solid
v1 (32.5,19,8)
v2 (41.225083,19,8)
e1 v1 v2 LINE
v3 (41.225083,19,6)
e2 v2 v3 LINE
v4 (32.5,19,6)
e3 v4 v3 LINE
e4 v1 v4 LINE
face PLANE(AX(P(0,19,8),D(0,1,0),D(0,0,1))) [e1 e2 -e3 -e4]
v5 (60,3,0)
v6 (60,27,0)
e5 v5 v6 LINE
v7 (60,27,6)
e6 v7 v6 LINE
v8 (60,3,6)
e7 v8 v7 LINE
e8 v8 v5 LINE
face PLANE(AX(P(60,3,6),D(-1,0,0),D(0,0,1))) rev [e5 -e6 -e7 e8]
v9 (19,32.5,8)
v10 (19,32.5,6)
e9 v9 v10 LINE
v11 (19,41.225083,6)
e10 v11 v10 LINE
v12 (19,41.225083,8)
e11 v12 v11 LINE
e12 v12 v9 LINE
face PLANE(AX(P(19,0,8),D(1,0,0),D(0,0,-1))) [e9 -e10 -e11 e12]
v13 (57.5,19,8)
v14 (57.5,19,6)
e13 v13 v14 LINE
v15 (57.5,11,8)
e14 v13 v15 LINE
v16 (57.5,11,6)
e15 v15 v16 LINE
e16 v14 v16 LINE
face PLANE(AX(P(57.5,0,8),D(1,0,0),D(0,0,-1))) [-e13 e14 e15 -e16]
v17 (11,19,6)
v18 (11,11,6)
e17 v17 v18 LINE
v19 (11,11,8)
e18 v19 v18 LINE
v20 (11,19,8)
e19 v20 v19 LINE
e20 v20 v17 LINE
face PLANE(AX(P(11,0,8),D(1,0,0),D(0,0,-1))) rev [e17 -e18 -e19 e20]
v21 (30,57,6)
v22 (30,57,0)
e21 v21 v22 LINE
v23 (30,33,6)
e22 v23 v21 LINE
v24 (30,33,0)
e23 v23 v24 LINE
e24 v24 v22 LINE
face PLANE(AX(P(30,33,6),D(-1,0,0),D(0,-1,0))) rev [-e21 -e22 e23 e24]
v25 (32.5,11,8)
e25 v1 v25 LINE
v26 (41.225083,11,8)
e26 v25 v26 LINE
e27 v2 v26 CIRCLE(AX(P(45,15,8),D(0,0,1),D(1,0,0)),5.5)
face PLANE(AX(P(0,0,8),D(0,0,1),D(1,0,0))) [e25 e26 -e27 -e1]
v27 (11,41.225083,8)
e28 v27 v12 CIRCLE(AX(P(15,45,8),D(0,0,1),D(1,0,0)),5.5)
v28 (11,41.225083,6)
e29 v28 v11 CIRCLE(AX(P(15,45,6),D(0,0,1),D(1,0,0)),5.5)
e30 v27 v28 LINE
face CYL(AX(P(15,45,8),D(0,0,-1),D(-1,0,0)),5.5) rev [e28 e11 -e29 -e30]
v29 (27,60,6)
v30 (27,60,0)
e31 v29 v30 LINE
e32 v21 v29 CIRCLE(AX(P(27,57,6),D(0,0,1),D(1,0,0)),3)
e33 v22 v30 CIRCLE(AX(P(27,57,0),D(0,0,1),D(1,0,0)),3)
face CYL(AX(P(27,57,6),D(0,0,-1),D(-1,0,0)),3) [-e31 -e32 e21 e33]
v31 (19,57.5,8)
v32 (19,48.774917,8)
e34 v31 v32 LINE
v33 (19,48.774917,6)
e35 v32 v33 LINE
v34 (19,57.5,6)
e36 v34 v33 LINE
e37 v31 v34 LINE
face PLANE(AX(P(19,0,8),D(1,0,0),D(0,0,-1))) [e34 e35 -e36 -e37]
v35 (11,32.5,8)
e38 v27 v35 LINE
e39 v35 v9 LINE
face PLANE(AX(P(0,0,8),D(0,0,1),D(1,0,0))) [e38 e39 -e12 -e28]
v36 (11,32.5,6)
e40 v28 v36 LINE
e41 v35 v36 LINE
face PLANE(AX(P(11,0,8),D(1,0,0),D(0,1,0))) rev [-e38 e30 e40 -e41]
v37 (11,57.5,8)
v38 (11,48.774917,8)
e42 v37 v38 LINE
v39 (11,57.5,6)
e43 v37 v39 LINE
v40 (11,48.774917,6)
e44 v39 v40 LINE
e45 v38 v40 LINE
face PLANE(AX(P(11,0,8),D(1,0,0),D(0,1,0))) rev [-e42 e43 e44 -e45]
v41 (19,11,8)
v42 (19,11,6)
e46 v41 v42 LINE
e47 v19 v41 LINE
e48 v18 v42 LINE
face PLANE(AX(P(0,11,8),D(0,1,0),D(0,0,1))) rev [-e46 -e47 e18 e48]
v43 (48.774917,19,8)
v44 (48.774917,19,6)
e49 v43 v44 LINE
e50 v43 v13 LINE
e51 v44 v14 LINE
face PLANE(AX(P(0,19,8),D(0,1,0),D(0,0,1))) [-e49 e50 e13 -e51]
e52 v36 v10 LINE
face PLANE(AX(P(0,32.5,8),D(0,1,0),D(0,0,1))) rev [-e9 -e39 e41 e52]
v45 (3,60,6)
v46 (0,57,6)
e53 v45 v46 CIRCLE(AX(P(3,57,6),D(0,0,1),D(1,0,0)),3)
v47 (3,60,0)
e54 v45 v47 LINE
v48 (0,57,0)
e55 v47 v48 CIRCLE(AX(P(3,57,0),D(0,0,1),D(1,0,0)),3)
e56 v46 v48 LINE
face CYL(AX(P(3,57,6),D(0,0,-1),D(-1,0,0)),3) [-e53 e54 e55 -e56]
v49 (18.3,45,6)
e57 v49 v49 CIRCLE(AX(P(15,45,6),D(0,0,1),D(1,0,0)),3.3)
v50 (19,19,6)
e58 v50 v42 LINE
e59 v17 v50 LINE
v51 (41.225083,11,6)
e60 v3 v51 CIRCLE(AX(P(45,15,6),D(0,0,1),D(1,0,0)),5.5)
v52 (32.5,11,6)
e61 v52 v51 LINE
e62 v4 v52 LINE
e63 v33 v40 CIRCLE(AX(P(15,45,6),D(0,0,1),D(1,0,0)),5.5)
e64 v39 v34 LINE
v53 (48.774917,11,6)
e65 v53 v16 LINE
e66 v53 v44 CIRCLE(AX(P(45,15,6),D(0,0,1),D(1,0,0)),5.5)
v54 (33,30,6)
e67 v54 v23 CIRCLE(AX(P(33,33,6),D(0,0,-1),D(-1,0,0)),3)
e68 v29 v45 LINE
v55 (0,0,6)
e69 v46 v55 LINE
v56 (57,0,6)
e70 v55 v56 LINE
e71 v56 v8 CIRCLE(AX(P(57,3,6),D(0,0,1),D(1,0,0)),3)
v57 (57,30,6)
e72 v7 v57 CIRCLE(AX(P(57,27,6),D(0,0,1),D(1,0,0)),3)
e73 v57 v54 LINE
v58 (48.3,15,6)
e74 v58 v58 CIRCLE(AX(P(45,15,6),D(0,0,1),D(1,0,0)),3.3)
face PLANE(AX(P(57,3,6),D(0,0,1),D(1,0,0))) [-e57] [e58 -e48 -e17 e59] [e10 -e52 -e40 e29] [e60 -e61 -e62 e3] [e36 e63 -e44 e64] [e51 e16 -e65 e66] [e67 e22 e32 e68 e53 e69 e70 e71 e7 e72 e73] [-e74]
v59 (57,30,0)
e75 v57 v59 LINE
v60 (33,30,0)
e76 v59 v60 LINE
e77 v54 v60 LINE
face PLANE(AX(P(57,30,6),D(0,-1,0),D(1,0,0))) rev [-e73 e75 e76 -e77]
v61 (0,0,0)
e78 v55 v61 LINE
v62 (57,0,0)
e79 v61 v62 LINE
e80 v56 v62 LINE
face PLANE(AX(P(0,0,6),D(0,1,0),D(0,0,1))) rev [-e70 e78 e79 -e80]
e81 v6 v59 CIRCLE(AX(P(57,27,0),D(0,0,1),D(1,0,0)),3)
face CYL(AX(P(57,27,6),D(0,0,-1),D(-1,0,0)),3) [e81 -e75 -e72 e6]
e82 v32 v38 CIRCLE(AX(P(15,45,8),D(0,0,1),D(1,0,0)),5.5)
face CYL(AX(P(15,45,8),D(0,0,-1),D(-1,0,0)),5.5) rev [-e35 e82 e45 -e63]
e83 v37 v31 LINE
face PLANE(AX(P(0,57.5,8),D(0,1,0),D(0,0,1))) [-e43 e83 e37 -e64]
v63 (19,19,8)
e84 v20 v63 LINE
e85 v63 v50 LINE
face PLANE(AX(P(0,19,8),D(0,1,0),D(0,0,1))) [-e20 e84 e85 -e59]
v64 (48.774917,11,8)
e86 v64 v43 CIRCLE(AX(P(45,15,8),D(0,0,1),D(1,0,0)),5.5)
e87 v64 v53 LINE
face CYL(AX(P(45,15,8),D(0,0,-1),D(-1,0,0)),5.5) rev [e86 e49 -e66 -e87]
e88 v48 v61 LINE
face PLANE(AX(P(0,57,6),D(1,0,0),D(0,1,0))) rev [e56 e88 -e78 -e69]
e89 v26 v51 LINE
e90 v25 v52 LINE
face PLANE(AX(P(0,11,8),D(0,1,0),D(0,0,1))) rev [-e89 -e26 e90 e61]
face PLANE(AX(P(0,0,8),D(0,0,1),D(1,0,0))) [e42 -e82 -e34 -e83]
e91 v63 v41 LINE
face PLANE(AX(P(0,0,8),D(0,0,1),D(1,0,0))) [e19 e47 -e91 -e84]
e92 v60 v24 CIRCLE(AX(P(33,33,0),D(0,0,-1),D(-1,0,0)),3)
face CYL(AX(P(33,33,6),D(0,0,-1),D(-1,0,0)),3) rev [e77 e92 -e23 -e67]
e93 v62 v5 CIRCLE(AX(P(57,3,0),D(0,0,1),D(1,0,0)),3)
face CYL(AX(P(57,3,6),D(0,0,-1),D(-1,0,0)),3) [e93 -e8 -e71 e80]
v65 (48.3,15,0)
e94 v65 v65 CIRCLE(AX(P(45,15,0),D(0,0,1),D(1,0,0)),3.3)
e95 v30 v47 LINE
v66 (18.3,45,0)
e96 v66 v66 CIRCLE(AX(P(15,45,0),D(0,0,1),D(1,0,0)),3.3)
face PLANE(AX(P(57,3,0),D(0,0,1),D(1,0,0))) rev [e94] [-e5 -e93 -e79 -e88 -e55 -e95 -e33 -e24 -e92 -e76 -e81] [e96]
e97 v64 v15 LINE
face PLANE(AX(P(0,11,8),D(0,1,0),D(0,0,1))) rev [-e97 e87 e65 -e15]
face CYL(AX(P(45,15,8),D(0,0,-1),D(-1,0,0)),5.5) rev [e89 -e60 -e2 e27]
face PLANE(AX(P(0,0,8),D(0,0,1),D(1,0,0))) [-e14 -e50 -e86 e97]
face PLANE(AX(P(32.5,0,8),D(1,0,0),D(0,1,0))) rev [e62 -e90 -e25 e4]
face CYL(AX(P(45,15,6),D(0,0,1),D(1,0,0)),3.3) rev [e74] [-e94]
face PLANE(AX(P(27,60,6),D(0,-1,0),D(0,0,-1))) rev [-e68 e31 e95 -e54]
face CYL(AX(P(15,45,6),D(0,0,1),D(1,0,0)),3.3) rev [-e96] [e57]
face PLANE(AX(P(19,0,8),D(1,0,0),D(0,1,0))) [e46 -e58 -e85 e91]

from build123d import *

# Parameters (mm, degrees)
P_IDAT_VYSUNUT_M1_DEPTH = 6
M6_D_RA_S_V_L_1_D       = 6.6
SKICA5_W                = 8
SKICA5_H                = 8
P_IDAT_VYSUNUT_M2_DEPTH = 2


with BuildPart() as part:
    # Skica1 → Přidat vysunutím1 (new body)
    with BuildSketch(Plane.XY):
        with BuildLine():
            Line((0, 0), (57, 0))
            ThreePointArc((57, 0), (59.121320344, 0.878679656), (60, 3))
            Line((60, 3), (60, 27))
            ThreePointArc((60, 27), (59.121320344, 29.121320344), (57, 30))
            Line((57, 30), (33, 30))
            ThreePointArc((33, 30), (30.878679656, 30.878679656), (30, 33))
            Line((30, 33), (30, 57))
            ThreePointArc((30, 57), (29.121320344, 59.121320344), (27, 60))
            Line((27, 60), (3, 60))
            ThreePointArc((3, 60), (0.878679656, 59.121320344), (0, 57))
            Line((0, 57), (0, 0))
        make_face()
    extrude(amount=P_IDAT_VYSUNUT_M1_DEPTH)

    # M6 díra s vůlí1 (through all)
    with Locations(Plane.XY.offset(6)):
        with Locations((45, 15), (15, 45)):
            Hole(M6_D_RA_S_V_L_1_D / 2)

    # Skica5 → Přidat vysunutím2 (add)
    with BuildSketch(Plane.XY.offset(6)):
        with BuildLine():
            ThreePointArc((19, 41.225082782), (15, 39.5), (11, 41.225082782))
            Line((11, 41.225082782), (11, 32.5))
            Line((11, 32.5), (19, 32.5))
            Line((19, 32.5), (19, 41.225082782))
        make_face()
        with BuildLine():
            Line((19, 57.5), (11, 57.5))
            Line((11, 57.5), (11, 48.774917218))
            ThreePointArc((11, 48.774917218), (15, 50.5), (19, 48.774917218))
            Line((19, 48.774917218), (19, 57.5))
        make_face()
        with BuildLine():
            Line((41.225082782, 19), (32.5, 19))
            Line((32.5, 19), (32.5, 11))
            Line((32.5, 11), (41.225082782, 11))
            ThreePointArc((41.225082782, 11), (39.5, 15), (41.225082782, 19))
        make_face()
        with BuildLine():
            Line((57.5, 19), (48.774917218, 19))
            ThreePointArc((48.774917218, 19), (50.050348735, 17.178067412), (50.5, 15))
            ThreePointArc((50.5, 15), (50.050348735, 12.821932588), (48.774917218, 11))
            Line((48.774917218, 11), (57.5, 11))
            Line((57.5, 11), (57.5, 19))
        make_face()
        with Locations((15, 15)):
            Rectangle(SKICA5_W, SKICA5_H)
    extrude(amount=P_IDAT_VYSUNUT_M2_DEPTH)


solid = part.part
